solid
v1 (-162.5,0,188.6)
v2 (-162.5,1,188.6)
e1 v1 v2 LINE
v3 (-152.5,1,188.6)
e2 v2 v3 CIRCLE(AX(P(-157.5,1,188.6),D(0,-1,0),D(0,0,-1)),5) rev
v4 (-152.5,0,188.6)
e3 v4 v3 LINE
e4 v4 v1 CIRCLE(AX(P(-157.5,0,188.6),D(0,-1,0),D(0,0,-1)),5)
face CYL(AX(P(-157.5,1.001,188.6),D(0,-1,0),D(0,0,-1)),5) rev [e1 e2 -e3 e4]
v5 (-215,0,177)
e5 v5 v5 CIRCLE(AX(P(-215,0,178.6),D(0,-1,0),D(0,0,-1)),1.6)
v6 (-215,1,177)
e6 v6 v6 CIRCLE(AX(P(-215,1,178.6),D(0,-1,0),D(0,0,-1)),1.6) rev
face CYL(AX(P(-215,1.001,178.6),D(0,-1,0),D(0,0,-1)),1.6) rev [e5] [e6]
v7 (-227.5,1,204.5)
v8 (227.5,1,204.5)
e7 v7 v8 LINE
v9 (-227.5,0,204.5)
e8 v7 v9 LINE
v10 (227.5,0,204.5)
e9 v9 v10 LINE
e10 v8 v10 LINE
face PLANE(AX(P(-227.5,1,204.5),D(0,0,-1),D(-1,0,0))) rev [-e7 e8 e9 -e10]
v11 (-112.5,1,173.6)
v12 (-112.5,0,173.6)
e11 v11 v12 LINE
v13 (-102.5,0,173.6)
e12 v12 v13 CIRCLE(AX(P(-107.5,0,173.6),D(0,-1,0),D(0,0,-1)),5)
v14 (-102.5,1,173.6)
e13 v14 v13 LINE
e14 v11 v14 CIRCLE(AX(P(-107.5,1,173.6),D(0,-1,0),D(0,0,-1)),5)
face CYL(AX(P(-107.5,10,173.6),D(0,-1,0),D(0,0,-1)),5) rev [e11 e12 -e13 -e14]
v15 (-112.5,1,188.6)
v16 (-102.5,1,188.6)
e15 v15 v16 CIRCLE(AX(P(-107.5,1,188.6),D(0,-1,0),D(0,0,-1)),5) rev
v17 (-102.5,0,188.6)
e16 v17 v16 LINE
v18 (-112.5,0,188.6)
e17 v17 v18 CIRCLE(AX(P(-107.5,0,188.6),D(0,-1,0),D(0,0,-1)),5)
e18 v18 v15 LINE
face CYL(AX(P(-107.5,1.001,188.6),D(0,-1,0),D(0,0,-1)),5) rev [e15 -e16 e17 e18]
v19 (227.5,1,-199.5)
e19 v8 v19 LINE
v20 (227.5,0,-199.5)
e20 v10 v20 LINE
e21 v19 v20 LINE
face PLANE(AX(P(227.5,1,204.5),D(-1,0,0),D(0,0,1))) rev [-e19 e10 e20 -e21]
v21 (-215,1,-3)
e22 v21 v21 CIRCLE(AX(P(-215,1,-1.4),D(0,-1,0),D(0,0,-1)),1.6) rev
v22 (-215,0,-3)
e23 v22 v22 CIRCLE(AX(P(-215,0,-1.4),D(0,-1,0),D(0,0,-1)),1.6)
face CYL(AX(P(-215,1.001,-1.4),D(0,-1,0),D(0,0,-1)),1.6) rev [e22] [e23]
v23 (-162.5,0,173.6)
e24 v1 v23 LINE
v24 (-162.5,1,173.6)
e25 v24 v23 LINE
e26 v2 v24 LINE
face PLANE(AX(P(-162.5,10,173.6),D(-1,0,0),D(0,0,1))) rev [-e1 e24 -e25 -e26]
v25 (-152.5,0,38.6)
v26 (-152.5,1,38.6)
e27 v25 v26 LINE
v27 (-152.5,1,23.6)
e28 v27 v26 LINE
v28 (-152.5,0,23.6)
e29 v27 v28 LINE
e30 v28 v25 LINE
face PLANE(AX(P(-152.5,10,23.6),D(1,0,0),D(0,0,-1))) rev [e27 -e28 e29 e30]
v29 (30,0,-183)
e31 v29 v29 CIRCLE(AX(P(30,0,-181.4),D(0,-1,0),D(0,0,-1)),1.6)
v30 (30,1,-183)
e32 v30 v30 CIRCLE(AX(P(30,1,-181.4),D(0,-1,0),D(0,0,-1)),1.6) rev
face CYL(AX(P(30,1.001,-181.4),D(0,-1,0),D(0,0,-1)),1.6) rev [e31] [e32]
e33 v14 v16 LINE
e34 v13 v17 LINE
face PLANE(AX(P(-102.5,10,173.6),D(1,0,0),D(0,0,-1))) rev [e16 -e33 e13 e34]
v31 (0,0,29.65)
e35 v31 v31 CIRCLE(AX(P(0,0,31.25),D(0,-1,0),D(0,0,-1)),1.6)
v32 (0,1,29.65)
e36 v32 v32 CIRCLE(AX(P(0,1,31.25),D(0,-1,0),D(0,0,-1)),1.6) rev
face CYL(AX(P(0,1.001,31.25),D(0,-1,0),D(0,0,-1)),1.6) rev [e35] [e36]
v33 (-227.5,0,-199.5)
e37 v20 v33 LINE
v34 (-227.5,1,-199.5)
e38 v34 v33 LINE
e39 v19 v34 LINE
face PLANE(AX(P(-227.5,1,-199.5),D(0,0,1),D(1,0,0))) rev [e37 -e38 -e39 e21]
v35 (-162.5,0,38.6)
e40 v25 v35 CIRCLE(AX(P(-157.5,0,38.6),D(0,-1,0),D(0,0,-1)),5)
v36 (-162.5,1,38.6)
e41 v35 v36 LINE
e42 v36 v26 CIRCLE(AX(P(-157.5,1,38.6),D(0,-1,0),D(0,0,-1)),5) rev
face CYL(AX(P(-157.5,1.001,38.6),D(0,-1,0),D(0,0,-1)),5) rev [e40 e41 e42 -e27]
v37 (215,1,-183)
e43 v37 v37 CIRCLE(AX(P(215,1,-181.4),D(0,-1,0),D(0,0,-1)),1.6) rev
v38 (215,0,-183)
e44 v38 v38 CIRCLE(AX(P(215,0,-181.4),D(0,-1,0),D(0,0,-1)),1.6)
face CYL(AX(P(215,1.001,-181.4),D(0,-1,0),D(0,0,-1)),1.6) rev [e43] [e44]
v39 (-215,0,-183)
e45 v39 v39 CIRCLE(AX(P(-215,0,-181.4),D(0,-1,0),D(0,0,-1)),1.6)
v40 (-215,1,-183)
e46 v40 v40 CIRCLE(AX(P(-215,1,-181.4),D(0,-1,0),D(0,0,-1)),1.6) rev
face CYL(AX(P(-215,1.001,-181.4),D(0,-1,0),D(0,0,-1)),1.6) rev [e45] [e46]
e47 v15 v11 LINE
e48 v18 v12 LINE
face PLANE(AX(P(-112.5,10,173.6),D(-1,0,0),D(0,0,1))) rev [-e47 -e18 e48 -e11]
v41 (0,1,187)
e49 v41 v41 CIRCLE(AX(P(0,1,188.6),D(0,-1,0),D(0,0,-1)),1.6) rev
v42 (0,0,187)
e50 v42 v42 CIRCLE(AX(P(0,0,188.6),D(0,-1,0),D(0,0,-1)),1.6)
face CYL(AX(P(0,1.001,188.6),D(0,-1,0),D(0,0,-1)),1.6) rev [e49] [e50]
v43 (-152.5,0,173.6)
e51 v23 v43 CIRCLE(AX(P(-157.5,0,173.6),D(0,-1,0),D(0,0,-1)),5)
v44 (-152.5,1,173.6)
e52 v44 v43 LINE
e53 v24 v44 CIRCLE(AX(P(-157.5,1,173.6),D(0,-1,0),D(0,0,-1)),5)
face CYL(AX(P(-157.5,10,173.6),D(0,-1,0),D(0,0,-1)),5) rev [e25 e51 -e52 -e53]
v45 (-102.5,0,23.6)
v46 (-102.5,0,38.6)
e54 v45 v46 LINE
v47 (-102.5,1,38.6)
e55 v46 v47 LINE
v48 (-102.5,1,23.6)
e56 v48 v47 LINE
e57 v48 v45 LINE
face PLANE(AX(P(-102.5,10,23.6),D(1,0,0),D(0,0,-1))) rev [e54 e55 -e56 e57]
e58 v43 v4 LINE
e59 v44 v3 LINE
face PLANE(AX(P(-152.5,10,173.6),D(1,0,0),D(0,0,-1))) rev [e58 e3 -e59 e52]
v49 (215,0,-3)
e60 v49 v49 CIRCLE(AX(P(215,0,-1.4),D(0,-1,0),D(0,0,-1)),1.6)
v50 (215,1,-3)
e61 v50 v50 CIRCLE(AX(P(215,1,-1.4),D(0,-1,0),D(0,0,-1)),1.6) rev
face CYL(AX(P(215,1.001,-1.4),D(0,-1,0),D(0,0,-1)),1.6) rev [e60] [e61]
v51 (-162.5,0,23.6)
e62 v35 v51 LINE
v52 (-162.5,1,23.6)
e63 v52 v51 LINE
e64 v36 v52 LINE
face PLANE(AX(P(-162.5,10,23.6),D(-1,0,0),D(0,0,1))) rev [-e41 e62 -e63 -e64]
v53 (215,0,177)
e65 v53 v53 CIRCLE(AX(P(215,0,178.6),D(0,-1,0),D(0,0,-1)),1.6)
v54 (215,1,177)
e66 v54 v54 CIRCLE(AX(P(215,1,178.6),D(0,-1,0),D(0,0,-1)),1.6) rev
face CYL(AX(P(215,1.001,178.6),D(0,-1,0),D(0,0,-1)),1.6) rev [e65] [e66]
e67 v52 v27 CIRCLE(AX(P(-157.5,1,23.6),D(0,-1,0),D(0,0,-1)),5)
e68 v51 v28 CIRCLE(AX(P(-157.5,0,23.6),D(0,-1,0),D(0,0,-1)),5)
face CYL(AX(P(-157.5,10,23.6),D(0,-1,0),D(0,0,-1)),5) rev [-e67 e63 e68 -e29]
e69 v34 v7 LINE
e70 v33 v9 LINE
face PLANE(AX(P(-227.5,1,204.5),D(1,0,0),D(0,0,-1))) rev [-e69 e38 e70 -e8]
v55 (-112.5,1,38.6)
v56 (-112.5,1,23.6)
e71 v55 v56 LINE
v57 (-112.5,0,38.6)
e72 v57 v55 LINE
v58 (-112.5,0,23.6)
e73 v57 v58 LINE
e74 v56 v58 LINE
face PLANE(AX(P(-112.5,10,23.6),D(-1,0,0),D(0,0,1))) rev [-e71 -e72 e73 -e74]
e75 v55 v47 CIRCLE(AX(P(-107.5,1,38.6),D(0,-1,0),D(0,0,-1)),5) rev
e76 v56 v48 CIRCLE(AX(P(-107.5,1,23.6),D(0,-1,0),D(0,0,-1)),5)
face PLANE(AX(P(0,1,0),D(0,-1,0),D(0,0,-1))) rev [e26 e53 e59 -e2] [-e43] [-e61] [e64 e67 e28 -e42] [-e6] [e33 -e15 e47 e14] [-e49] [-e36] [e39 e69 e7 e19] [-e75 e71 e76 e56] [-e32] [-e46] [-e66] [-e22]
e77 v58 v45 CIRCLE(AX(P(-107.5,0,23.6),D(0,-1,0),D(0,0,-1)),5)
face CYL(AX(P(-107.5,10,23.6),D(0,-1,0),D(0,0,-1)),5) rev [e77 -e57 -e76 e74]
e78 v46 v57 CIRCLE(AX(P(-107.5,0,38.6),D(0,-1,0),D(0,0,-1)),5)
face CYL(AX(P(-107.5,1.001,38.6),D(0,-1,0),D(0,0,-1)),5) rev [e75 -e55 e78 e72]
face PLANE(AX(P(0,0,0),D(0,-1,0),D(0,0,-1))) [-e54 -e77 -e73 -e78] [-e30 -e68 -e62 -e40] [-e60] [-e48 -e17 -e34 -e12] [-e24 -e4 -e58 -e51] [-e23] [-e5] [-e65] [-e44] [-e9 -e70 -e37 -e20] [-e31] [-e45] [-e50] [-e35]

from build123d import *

# Parameters (mm, degrees)
CROQUIS1_W              = 455
CROQUIS1_H              = 409
SALIENTE_EXTRUIR1_DEPTH = 1
CORTAR_EXTRUIR1_REACH   = 307.904
CROQUIS2_R              = 1.6
CORTAR_EXTRUIR2_REACH   = 307.904
CROQUIS3_R              = 5
CORTAR_EXTRUIR3_REACH   = 307.904
CROQUIS4_R              = 1.6
MOVER_CARA1_BY          = 5
CORTAR_EXTRUIR4_DEPTH   = 10


with BuildPart() as part:
    # Croquis1 → Saliente-Extruir1 (new body)
    with BuildSketch(Plane(origin=(0, 0, 0), x_dir=(1, 0, 0), z_dir=(0, 1, 0))):
        Rectangle(CROQUIS1_W, CROQUIS1_H)
    extrude(amount=SALIENTE_EXTRUIR1_DEPTH)

    # Croquis2 → Cortar-Extruir1 (cut, up to next)
    with BuildSketch(Plane.XZ, mode=Mode.PRIVATE) as cortar_extruir1_sk1:
        with Locations(Location((-215, 178.6, 0), (0, 0, 270))):
            Circle(CROQUIS2_R)
    cortar_extruir1_tool1 = extrude(cortar_extruir1_sk1.sketch, amount=-CORTAR_EXTRUIR1_REACH, mode=Mode.PRIVATE) & part.part
    # Croquis2 → Cortar-Extruir1 (cut, up to next)
    with BuildSketch(Plane.XZ, mode=Mode.PRIVATE) as cortar_extruir1_sk2:
        with Locations(Location((-215, -181.4, 0), (0, 0, 270))):
            Circle(CROQUIS2_R)
    cortar_extruir1_tool2 = extrude(cortar_extruir1_sk2.sketch, amount=-CORTAR_EXTRUIR1_REACH, mode=Mode.PRIVATE) & part.part
    # Croquis2 → Cortar-Extruir1 (cut, up to next)
    with BuildSketch(Plane.XZ, mode=Mode.PRIVATE) as cortar_extruir1_sk3:
        with Locations(Location((215, -181.4, 0), (0, 0, 270))):
            Circle(CROQUIS2_R)
    cortar_extruir1_tool3 = extrude(cortar_extruir1_sk3.sketch, amount=-CORTAR_EXTRUIR1_REACH, mode=Mode.PRIVATE) & part.part
    # Croquis2 → Cortar-Extruir1 (cut, up to next)
    with BuildSketch(Plane.XZ, mode=Mode.PRIVATE) as cortar_extruir1_sk4:
        with Locations(Location((215, 178.6, 0), (0, 0, 270))):
            Circle(CROQUIS2_R)
    cortar_extruir1_tool4 = extrude(cortar_extruir1_sk4.sketch, amount=-CORTAR_EXTRUIR1_REACH, mode=Mode.PRIVATE) & part.part
    # Croquis2 → Cortar-Extruir1 (cut, up to next)
    with BuildSketch(Plane.XZ, mode=Mode.PRIVATE) as cortar_extruir1_sk5:
        with Locations(Location((0, 31.25, 0), (0, 0, 270))):
            Circle(CROQUIS2_R)
    cortar_extruir1_tool5 = extrude(cortar_extruir1_sk5.sketch, amount=-CORTAR_EXTRUIR1_REACH, mode=Mode.PRIVATE) & part.part
    add(cortar_extruir1_tool1.solids().sort_by_distance((-215, 0, 178.6))[0], mode=Mode.SUBTRACT)
    add(cortar_extruir1_tool2.solids().sort_by_distance((-215, 0, -181.4))[0], mode=Mode.SUBTRACT)
    add(cortar_extruir1_tool3.solids().sort_by_distance((215, 0, -181.4))[0], mode=Mode.SUBTRACT)
    add(cortar_extruir1_tool4.solids().sort_by_distance((215, 0, 178.6))[0], mode=Mode.SUBTRACT)
    add(cortar_extruir1_tool5.solids().sort_by_distance((0, 0, 31.25))[0], mode=Mode.SUBTRACT)

    # Croquis3 → Cortar-Extruir2 (cut, up to next)
    with BuildSketch(Plane.XZ, mode=Mode.PRIVATE) as cortar_extruir2_sk1:
        with Locations(Location((-157.5, 38.6, 0), (0, 0, 270))):
            Circle(CROQUIS3_R)
    cortar_extruir2_tool1 = extrude(cortar_extruir2_sk1.sketch, amount=-CORTAR_EXTRUIR2_REACH, mode=Mode.PRIVATE) & part.part
    # Croquis3 → Cortar-Extruir2 (cut, up to next)
    with BuildSketch(Plane.XZ, mode=Mode.PRIVATE) as cortar_extruir2_sk2:
        with Locations(Location((-107.5, 38.6, 0), (0, 0, 270))):
            Circle(CROQUIS3_R)
    cortar_extruir2_tool2 = extrude(cortar_extruir2_sk2.sketch, amount=-CORTAR_EXTRUIR2_REACH, mode=Mode.PRIVATE) & part.part
    # Croquis3 → Cortar-Extruir2 (cut, up to next)
    with BuildSketch(Plane.XZ, mode=Mode.PRIVATE) as cortar_extruir2_sk3:
        with Locations(Location((-107.5, 188.6, 0), (0, 0, 270))):
            Circle(CROQUIS3_R)
    cortar_extruir2_tool3 = extrude(cortar_extruir2_sk3.sketch, amount=-CORTAR_EXTRUIR2_REACH, mode=Mode.PRIVATE) & part.part
    # Croquis3 → Cortar-Extruir2 (cut, up to next)
    with BuildSketch(Plane.XZ, mode=Mode.PRIVATE) as cortar_extruir2_sk4:
        with Locations(Location((-157.5, 188.6, 0), (0, 0, 270))):
            Circle(CROQUIS3_R)
    cortar_extruir2_tool4 = extrude(cortar_extruir2_sk4.sketch, amount=-CORTAR_EXTRUIR2_REACH, mode=Mode.PRIVATE) & part.part
    add(cortar_extruir2_tool1.solids().sort_by_distance((-157.5, 0, 38.6))[0], mode=Mode.SUBTRACT)
    add(cortar_extruir2_tool2.solids().sort_by_distance((-107.5, 0, 38.6))[0], mode=Mode.SUBTRACT)
    add(cortar_extruir2_tool3.solids().sort_by_distance((-107.5, 0, 188.6))[0], mode=Mode.SUBTRACT)
    add(cortar_extruir2_tool4.solids().sort_by_distance((-157.5, 0, 188.6))[0], mode=Mode.SUBTRACT)

    # Croquis4 → Cortar-Extruir3 (cut, up to next)
    with BuildSketch(Plane.XZ, mode=Mode.PRIVATE) as cortar_extruir3_sk1:
        with Locations(Location((-215, -1.4, 0), (0, 0, 270))):
            Circle(CROQUIS4_R)
    cortar_extruir3_tool1 = extrude(cortar_extruir3_sk1.sketch, amount=-CORTAR_EXTRUIR3_REACH, mode=Mode.PRIVATE) & part.part
    # Croquis4 → Cortar-Extruir3 (cut, up to next)
    with BuildSketch(Plane.XZ, mode=Mode.PRIVATE) as cortar_extruir3_sk2:
        with Locations(Location((215, -1.4, 0), (0, 0, 270))):
            Circle(CROQUIS4_R)
    cortar_extruir3_tool2 = extrude(cortar_extruir3_sk2.sketch, amount=-CORTAR_EXTRUIR3_REACH, mode=Mode.PRIVATE) & part.part
    # Croquis4 → Cortar-Extruir3 (cut, up to next)
    with BuildSketch(Plane.XZ, mode=Mode.PRIVATE) as cortar_extruir3_sk3:
        with Locations(Location((0, 188.6, 0), (0, 0, 270))):
            Circle(CROQUIS4_R)
    cortar_extruir3_tool3 = extrude(cortar_extruir3_sk3.sketch, amount=-CORTAR_EXTRUIR3_REACH, mode=Mode.PRIVATE) & part.part
    # Croquis4 → Cortar-Extruir3 (cut, up to next)
    with BuildSketch(Plane.XZ, mode=Mode.PRIVATE) as cortar_extruir3_sk4:
        with Locations(Location((30, -181.4, 0), (0, 0, 270))):
            Circle(CROQUIS4_R)
    cortar_extruir3_tool4 = extrude(cortar_extruir3_sk4.sketch, amount=-CORTAR_EXTRUIR3_REACH, mode=Mode.PRIVATE) & part.part
    add(cortar_extruir3_tool1.solids().sort_by_distance((-215, 0, -1.4))[0], mode=Mode.SUBTRACT)
    add(cortar_extruir3_tool2.solids().sort_by_distance((215, 0, -1.4))[0], mode=Mode.SUBTRACT)
    add(cortar_extruir3_tool3.solids().sort_by_distance((0, 0, 188.6))[0], mode=Mode.SUBTRACT)
    add(cortar_extruir3_tool4.solids().sort_by_distance((30, 0, -181.4))[0], mode=Mode.SUBTRACT)

    # Mover cara1: a face moved inward by 5.0
    extrude(part.faces().sort_by_distance((0, 0.5, -204.5))[0], amount=MOVER_CARA1_BY, dir=(0, 0, 1), mode=Mode.SUBTRACT)

    # Croquis5 → Cortar-Extruir4 (cut)
    with BuildSketch(Plane.XZ):
        with BuildLine():
            Line((-162.5, 173.6), (-162.5, 188.6))
            ThreePointArc((-162.5, 188.6), (-157.5, 193.6), (-152.5, 188.6))
            Line((-152.5, 188.6), (-152.5, 173.6))
            ThreePointArc((-152.5, 173.6), (-157.5, 168.6), (-162.5, 173.6))
        make_face()
        with BuildLine():
            Line((-112.5, 173.6), (-112.5, 188.6))
            ThreePointArc((-112.5, 188.6), (-107.5, 193.6), (-102.5, 188.6))
            Line((-102.5, 188.6), (-102.5, 173.6))
            ThreePointArc((-102.5, 173.6), (-107.5, 168.6), (-112.5, 173.6))
        make_face()
        with BuildLine():
            Line((-162.5, 23.6), (-162.5, 38.6))
            ThreePointArc((-162.5, 38.6), (-157.5, 43.6), (-152.5, 38.6))
            Line((-152.5, 38.6), (-152.5, 23.6))
            ThreePointArc((-152.5, 23.6), (-157.5, 18.6), (-162.5, 23.6))
        make_face()
        with BuildLine():
            Line((-112.5, 23.6), (-112.5, 38.6))
            ThreePointArc((-112.5, 38.6), (-107.5, 43.6), (-102.5, 38.6))
            Line((-102.5, 38.6), (-102.5, 23.6))
            ThreePointArc((-102.5, 23.6), (-107.5, 18.6), (-112.5, 23.6))
        make_face()
    extrude(amount=-CORTAR_EXTRUIR4_DEPTH, mode=Mode.SUBTRACT)


solid = part.part
